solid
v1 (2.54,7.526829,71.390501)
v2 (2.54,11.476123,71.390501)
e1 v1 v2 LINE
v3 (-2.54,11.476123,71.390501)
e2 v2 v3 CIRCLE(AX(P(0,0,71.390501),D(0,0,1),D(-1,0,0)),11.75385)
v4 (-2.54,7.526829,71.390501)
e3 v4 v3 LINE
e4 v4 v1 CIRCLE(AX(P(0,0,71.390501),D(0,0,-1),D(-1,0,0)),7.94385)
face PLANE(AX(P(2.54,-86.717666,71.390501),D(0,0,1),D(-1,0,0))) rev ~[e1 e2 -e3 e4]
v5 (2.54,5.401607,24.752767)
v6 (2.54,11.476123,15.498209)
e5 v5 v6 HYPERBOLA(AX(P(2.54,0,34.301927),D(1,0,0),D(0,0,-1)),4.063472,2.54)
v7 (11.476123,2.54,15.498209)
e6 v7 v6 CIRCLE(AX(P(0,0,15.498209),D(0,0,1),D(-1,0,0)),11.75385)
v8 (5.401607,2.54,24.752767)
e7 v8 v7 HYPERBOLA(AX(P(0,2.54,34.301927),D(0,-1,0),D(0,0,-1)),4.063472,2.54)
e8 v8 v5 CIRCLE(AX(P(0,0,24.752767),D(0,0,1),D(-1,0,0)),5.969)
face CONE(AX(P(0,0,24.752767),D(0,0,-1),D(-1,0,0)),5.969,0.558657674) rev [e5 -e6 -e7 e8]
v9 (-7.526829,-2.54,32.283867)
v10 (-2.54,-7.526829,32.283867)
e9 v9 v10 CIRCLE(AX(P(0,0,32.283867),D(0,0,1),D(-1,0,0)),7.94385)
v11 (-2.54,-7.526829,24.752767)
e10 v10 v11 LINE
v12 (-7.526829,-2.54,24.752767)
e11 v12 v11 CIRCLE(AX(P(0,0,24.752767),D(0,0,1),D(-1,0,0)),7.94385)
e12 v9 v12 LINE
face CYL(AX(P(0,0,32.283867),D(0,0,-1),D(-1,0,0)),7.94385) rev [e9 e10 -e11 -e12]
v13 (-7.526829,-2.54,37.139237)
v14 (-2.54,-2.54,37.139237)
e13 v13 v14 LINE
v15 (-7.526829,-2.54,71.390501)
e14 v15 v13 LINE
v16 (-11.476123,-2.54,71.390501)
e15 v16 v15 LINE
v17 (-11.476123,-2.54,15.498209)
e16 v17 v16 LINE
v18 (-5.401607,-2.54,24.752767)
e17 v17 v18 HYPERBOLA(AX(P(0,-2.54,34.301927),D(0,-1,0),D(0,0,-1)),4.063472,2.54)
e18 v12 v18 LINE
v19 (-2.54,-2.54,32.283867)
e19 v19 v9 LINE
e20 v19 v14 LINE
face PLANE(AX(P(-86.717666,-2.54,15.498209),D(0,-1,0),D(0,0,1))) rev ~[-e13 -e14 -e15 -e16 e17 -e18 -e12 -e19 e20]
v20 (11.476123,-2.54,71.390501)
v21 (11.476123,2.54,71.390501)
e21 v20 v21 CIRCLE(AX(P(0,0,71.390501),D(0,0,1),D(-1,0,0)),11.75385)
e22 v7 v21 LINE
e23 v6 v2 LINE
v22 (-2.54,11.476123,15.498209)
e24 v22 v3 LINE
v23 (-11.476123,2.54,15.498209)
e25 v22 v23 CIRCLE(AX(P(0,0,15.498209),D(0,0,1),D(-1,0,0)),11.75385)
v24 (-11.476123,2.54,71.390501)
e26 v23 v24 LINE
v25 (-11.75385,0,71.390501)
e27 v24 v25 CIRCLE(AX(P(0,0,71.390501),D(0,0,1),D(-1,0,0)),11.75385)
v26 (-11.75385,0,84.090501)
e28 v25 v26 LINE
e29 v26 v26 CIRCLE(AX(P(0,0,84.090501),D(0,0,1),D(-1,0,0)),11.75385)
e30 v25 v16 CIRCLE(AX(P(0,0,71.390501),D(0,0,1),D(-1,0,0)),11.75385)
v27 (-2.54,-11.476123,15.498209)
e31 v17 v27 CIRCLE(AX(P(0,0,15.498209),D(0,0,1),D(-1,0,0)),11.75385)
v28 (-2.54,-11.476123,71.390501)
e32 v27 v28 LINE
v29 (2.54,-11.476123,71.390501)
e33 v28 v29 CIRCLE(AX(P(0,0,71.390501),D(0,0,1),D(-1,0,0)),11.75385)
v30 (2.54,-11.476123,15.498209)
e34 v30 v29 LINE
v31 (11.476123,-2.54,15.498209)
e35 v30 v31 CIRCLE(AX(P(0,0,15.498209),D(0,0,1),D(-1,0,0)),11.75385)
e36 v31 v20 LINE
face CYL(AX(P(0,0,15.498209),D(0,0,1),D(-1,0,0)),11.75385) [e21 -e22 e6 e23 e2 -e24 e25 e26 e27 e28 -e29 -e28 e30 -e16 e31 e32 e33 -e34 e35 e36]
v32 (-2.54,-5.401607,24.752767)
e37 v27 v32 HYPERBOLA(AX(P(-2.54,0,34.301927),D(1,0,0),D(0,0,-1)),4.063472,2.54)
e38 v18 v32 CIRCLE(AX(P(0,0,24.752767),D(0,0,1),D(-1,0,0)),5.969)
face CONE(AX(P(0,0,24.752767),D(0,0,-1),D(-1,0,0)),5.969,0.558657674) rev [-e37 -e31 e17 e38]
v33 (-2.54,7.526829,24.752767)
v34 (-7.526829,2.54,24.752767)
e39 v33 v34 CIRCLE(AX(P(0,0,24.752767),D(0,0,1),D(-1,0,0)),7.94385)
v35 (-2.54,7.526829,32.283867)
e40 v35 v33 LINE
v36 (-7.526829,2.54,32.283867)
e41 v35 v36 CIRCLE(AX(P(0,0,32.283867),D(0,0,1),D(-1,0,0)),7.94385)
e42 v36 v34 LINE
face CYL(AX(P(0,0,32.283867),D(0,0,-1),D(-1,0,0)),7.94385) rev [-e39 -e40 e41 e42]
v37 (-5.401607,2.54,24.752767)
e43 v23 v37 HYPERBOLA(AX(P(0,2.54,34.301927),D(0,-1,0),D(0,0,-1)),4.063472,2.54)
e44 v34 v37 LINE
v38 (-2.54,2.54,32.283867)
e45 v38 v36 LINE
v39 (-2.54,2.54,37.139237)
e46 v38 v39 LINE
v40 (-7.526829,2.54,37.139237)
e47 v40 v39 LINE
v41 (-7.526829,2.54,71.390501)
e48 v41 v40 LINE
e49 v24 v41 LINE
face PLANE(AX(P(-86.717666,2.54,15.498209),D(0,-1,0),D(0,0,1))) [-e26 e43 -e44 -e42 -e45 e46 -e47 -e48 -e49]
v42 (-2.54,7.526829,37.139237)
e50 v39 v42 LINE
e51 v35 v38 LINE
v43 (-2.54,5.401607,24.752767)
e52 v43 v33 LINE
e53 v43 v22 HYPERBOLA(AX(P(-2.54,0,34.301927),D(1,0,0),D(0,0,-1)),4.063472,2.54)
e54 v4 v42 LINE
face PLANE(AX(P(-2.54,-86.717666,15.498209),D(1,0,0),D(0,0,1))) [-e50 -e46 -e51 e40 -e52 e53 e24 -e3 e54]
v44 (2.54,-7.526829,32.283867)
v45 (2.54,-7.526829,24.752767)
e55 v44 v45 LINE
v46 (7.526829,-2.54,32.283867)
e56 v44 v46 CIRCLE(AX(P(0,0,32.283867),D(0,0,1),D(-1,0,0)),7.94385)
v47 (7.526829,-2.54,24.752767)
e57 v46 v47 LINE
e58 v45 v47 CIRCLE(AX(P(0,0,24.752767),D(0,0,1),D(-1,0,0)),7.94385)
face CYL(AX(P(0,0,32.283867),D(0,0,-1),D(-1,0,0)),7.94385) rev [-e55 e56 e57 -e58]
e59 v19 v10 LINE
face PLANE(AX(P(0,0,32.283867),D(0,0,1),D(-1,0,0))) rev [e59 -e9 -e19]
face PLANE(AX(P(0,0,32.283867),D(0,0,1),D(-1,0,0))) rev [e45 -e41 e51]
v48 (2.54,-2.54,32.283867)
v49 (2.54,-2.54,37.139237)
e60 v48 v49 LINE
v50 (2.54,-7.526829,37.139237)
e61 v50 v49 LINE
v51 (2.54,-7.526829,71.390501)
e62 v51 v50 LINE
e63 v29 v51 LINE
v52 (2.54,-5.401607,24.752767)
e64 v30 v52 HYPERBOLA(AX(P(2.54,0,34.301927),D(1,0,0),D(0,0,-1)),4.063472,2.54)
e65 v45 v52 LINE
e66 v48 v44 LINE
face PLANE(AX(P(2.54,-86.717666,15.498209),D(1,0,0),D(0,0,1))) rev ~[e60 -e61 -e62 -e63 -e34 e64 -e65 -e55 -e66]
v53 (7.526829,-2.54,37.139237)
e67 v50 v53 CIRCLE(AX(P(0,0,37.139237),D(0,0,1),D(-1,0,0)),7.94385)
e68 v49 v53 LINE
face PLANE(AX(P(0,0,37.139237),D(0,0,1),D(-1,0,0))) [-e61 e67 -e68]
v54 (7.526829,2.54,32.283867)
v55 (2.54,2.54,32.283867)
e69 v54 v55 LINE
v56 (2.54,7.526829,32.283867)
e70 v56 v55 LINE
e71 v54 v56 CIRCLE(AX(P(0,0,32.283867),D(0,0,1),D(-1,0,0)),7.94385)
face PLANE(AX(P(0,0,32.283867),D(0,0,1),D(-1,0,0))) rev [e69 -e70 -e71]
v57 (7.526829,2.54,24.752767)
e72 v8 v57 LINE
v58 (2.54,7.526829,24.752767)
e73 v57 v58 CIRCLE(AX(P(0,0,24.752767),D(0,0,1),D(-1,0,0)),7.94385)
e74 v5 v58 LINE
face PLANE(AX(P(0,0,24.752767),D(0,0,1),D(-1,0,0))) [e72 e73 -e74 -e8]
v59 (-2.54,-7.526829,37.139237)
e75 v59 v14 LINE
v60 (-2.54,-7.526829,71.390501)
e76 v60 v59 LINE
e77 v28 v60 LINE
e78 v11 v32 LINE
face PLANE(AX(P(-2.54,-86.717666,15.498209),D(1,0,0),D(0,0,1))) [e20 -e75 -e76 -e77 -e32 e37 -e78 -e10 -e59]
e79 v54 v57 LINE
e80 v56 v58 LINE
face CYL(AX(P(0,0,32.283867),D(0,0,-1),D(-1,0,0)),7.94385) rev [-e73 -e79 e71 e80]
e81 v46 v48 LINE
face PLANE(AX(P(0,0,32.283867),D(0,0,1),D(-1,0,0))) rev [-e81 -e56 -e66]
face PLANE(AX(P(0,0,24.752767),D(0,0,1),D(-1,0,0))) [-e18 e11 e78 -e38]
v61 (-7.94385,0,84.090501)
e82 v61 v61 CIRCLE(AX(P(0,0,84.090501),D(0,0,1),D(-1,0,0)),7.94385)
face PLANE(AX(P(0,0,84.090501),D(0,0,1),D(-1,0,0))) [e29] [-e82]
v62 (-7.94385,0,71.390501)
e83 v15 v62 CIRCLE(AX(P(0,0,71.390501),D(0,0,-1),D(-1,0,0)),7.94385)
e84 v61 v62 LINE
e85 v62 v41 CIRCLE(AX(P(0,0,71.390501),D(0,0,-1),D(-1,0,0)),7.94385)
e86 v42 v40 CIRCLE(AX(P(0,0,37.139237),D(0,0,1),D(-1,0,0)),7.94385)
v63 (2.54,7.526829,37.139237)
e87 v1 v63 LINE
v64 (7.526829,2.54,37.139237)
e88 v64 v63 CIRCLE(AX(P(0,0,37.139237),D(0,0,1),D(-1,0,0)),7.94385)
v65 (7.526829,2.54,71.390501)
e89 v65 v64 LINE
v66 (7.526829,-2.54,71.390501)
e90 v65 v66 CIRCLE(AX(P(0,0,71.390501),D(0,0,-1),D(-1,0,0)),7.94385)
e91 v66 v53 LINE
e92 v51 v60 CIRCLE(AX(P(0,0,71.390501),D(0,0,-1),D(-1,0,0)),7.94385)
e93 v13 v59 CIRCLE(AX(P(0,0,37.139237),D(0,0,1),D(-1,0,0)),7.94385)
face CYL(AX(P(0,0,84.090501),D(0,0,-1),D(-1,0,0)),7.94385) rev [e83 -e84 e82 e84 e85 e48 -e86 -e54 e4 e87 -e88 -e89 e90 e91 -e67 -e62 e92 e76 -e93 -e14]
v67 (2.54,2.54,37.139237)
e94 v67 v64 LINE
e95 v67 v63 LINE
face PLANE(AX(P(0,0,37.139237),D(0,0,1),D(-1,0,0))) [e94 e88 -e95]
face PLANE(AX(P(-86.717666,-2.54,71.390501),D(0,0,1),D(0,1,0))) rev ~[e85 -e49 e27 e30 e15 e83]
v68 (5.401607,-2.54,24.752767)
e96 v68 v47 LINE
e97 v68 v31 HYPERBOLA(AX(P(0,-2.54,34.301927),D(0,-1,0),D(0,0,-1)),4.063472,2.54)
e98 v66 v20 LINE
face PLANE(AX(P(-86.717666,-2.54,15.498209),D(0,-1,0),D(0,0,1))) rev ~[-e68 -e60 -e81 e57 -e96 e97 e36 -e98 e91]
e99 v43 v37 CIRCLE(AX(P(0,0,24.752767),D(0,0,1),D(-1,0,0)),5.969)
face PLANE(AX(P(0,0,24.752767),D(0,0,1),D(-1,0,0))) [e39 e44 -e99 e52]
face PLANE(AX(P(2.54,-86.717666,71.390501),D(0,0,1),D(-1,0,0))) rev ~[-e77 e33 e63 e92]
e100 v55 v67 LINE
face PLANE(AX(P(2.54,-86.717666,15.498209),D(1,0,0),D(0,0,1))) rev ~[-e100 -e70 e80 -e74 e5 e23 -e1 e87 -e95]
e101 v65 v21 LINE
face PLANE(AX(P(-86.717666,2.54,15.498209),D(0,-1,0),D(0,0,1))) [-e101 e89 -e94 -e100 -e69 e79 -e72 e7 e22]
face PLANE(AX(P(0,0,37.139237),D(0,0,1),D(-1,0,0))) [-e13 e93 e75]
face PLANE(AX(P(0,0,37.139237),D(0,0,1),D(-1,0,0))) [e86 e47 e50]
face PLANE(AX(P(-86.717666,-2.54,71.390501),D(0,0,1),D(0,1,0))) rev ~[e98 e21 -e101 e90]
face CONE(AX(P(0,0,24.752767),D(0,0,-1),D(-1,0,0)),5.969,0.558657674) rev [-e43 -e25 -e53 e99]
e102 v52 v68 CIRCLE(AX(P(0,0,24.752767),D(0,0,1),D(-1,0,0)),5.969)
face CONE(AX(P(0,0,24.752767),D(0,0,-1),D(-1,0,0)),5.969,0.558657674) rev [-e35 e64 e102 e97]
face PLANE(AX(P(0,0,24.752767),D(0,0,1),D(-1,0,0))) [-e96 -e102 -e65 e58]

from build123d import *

# Parameters (mm, degrees)
CUT_EXTRUDE1_DEPTH      = 86.717666245
CUT_EXTRUDE1_DEPTH_BACK = 86.717666245
SKETCH7_W               = 5.08
SKETCH7_H               = 55.892291628
CUT_EXTRUDE2_DEPTH      = 86.717666245
CUT_EXTRUDE2_DEPTH_BACK = 86.717666245
SKETCH8_W               = 5.08
SKETCH8_H               = 55.892291628


with BuildPart() as part:
    # Sketch4 → Revolve1 (revolve)
    with BuildSketch(Plane.YZ, mode=Mode.PRIVATE) as revolve1_sk:
        Polygon((11.75385, 15.498209184), (11.75385, 84.090500812), (7.94385, 84.090500812), (7.94385, 37.139237028), (3.258679023, 37.139237028), (3.258679023, 32.283867455), (7.94385, 32.283867455), (7.94385, 24.752767455), (5.969, 24.752767455), align=None)
    revolve(revolve1_sk.sketch.rotate(Axis((0, 0, -23.885554531), (0, 0, 1)), 90), axis=Axis((0, 0, -23.885554531), (0, 0, 1)))

    # Sketch7 → Cut-Extrude1 (cut, two sides: drawn at the far end of the back side and taken through both)
    with BuildSketch(Plane.YZ.offset(-CUT_EXTRUDE1_DEPTH_BACK)):
        with Locations((0, 43.444354998)):
            Rectangle(SKETCH7_W, SKETCH7_H)
    extrude(amount=CUT_EXTRUDE1_DEPTH + CUT_EXTRUDE1_DEPTH_BACK, mode=Mode.SUBTRACT)

    # Sketch8 → Cut-Extrude2 (cut, two sides: drawn at the far end of the back side and taken through both)
    with BuildSketch(Plane(origin=(0, 0, 0), x_dir=(-1, 0, 0), z_dir=(0, 1, 0)).offset(-CUT_EXTRUDE2_DEPTH_BACK)):
        with Locations((0, 43.444354998)):
            Rectangle(SKETCH8_W, SKETCH8_H)
    extrude(amount=CUT_EXTRUDE2_DEPTH + CUT_EXTRUDE2_DEPTH_BACK, mode=Mode.SUBTRACT)


solid = part.part
